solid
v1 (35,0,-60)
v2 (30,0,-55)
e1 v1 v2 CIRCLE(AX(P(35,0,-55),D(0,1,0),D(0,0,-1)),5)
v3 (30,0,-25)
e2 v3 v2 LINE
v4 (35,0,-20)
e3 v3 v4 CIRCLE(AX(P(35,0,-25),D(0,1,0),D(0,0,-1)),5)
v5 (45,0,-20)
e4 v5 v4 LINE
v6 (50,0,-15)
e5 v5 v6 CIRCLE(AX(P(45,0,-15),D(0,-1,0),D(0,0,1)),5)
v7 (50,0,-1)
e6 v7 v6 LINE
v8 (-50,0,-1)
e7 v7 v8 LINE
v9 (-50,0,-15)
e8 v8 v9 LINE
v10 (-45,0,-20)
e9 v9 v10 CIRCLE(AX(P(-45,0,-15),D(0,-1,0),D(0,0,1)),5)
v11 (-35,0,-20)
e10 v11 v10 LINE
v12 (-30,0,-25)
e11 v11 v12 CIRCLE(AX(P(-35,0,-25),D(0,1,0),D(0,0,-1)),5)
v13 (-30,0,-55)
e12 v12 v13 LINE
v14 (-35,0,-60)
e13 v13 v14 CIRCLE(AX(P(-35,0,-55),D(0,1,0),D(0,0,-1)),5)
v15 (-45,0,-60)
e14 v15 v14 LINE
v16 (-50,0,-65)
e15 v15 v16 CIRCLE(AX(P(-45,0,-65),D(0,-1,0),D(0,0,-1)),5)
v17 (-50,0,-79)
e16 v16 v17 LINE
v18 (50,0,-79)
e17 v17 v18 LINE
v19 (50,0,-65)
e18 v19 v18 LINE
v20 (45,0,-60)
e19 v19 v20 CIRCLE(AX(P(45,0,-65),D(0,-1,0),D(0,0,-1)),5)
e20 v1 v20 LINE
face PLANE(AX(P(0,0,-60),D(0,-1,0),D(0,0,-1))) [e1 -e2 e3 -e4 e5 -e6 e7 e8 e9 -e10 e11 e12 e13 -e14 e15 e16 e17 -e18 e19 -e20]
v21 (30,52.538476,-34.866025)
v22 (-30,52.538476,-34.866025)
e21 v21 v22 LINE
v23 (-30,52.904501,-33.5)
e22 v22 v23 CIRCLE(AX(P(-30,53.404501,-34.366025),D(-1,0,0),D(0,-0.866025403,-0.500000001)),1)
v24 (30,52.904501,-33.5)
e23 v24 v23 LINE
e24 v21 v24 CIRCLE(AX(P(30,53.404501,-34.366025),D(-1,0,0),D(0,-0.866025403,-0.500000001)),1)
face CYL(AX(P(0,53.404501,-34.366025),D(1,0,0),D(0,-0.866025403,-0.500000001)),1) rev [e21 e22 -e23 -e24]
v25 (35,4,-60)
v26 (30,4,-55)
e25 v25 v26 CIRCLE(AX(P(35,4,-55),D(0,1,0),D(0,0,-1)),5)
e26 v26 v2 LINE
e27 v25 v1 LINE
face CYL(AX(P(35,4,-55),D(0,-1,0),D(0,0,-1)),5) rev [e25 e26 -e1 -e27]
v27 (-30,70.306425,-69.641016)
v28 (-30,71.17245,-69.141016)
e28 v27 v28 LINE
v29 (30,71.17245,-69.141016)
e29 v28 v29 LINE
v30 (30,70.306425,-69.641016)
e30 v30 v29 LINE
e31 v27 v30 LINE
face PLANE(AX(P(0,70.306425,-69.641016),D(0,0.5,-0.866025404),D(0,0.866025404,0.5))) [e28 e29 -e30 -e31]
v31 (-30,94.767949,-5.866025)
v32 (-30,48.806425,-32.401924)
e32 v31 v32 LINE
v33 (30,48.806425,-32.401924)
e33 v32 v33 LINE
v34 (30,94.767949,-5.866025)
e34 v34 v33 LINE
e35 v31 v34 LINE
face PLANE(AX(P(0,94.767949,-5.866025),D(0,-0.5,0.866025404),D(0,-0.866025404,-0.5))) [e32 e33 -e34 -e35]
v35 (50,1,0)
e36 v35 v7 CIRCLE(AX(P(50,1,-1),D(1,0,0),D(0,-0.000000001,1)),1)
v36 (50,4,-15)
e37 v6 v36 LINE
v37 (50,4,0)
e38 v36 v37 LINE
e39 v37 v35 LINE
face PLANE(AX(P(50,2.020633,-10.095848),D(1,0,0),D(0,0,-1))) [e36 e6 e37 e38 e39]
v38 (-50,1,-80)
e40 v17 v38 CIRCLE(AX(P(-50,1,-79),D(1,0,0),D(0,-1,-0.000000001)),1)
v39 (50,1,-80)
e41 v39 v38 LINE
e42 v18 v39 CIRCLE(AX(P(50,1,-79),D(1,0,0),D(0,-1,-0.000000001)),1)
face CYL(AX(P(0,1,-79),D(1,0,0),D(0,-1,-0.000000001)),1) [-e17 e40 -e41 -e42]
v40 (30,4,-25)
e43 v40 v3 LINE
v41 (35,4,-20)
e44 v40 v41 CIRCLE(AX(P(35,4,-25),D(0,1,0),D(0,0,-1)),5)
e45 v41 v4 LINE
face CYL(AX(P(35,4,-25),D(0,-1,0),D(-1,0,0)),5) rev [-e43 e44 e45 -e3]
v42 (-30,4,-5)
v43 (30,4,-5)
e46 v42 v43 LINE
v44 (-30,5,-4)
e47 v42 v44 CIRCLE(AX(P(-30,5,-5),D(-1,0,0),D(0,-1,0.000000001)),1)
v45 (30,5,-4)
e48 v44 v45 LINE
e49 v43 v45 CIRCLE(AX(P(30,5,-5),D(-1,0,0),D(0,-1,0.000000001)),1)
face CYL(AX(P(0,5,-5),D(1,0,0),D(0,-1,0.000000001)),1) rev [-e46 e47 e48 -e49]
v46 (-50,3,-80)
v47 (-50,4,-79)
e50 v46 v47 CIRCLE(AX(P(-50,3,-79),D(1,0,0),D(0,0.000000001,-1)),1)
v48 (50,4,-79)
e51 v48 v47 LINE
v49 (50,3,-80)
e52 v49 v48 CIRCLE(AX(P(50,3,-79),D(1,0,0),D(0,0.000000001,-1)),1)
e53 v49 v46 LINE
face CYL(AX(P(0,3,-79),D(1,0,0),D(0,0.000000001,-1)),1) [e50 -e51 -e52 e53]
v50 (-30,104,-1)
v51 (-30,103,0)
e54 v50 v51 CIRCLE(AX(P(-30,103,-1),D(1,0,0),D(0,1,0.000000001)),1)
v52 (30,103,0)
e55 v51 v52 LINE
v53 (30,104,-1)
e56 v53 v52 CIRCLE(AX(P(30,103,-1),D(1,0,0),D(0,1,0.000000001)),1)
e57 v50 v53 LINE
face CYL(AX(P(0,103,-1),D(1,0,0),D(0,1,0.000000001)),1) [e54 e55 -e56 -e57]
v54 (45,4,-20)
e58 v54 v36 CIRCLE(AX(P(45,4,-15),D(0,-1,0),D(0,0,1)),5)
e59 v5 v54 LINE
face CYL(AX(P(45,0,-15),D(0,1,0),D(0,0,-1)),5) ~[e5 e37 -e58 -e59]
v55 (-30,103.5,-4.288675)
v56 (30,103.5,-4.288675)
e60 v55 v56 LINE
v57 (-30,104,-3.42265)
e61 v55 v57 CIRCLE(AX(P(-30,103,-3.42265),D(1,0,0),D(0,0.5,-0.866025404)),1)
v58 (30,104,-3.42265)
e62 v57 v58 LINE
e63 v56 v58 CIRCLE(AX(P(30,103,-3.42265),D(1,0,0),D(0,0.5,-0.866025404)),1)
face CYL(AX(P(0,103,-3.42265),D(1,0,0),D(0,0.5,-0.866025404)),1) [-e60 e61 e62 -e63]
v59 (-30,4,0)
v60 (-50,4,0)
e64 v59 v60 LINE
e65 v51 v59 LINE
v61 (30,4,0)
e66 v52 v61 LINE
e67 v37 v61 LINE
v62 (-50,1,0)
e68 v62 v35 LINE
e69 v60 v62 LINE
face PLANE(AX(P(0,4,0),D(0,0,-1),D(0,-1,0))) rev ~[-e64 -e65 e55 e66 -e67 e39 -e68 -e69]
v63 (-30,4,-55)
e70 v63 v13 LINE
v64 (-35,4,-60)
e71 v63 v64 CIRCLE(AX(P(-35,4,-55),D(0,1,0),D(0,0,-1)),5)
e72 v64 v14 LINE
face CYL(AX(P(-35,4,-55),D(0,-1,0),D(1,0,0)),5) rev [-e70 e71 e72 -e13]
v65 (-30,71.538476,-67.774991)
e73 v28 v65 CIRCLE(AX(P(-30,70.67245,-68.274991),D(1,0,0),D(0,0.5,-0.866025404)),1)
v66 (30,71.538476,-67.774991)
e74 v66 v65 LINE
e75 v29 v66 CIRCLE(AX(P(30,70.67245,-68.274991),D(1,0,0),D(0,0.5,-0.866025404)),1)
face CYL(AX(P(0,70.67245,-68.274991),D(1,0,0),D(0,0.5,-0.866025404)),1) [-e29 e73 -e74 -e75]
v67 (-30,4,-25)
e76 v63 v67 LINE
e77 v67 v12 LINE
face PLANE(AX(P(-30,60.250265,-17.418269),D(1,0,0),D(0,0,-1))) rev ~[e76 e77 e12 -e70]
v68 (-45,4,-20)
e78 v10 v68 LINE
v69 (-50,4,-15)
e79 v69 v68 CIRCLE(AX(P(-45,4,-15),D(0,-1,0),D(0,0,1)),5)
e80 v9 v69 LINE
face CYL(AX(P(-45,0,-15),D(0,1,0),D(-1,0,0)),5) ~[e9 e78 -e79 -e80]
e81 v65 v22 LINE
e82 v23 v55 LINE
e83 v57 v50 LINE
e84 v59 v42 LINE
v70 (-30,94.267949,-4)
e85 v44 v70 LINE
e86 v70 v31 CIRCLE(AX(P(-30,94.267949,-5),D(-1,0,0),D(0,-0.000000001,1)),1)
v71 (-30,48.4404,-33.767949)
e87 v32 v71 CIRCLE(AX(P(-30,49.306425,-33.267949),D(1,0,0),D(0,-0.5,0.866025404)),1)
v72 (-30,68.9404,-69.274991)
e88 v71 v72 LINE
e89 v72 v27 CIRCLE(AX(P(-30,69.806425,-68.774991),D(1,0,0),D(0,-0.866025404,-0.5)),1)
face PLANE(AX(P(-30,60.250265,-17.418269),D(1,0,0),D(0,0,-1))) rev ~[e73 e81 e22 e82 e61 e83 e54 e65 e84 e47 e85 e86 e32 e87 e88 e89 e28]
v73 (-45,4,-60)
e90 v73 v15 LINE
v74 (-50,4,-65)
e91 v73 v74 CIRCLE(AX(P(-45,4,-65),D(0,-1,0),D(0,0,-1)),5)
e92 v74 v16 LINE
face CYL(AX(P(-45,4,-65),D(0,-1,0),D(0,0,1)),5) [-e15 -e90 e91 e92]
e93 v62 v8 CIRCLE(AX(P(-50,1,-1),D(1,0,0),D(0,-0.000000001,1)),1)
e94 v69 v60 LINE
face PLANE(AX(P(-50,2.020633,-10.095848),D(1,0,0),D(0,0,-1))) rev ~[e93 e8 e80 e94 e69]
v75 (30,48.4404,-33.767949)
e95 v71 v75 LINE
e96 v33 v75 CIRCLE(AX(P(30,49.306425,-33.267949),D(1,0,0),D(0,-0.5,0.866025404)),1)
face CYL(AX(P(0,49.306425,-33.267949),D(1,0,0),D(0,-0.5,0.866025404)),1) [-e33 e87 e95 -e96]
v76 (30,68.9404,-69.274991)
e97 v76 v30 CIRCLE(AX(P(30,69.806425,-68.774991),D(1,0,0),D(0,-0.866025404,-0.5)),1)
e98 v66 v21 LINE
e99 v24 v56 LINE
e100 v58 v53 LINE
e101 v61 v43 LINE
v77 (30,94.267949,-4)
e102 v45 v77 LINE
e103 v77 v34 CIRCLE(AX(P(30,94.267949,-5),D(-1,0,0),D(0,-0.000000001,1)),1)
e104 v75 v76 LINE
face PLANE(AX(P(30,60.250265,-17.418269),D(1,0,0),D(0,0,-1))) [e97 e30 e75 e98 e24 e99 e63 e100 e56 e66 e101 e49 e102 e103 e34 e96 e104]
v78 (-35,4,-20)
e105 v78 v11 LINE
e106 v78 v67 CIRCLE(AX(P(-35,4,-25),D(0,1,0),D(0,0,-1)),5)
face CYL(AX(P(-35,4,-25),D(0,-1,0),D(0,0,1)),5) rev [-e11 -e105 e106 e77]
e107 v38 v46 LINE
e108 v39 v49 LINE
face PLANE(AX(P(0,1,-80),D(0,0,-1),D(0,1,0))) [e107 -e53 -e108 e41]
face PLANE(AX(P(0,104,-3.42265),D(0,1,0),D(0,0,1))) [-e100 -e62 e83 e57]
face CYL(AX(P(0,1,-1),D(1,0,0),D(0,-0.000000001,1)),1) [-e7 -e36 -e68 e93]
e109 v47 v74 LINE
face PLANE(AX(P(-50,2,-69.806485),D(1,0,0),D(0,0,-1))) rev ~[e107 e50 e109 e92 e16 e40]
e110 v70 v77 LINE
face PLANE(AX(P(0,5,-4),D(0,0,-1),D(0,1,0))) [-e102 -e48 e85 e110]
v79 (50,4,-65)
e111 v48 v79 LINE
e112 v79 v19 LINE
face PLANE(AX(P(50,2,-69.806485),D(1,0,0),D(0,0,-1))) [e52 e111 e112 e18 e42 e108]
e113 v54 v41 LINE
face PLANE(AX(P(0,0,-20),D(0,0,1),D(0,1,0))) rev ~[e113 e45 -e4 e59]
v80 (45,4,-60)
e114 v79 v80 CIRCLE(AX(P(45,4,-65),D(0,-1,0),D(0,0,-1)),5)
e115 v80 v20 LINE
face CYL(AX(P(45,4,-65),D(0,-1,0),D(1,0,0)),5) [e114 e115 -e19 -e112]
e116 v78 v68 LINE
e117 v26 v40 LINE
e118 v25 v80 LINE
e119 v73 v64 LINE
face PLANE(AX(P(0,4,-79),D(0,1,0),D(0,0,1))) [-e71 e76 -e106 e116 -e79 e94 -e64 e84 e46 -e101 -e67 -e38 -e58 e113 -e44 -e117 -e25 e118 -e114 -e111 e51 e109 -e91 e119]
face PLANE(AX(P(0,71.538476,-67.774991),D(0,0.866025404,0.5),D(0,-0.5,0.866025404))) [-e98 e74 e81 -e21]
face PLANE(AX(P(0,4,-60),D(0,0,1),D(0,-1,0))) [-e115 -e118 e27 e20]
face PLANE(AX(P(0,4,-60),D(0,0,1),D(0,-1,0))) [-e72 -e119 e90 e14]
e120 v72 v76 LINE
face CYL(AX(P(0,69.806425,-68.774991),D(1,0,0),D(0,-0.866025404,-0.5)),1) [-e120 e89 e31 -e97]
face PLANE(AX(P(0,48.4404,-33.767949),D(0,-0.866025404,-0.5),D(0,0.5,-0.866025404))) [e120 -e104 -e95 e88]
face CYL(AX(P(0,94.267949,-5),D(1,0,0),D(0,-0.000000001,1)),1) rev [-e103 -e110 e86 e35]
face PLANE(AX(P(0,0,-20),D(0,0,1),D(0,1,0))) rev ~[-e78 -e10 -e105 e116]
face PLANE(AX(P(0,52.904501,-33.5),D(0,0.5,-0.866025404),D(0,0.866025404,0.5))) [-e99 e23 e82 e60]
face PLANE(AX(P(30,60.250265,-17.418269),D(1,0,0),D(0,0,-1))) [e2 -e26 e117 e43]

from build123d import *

# Parameters (mm, degrees)
EXTRUDE_1_DEPTH = 30
EXTRUDE_2_DEPTH = 50
FILLET_1_R      = 5


with BuildPart() as part:
    # 草图1 → 凸台-拉伸1 (new, symmetric)
    with BuildSketch(Plane(origin=(0, 0, 0), x_dir=(0, 0, -1), z_dir=(1, 0, 0))):
        with BuildLine():
            Line((33.5, 52.904501177), (4.288675135, 103.5))
            ThreePointArc((4.288675135, 103.5), (3.922649731, 103.866025404), (3.422649731, 104))
            Line((3.422649731, 104), (1, 104))
            ThreePointArc((1, 104), (0.292893219, 103.707106781), (0, 103))
            Line((0, 103), (0, 1))
            ThreePointArc((0, 1), (0.292893219, 0.292893219), (1, 0))
            Line((1, 0), (79, 0))
            ThreePointArc((79, 0), (79.707106781, 0.292893219), (80, 1))
            Line((80, 1), (80, 3))
            ThreePointArc((80, 3), (79.707106781, 3.707106781), (79, 4))
            Line((79, 4), (5, 4))
            ThreePointArc((5, 4), (4.292893219, 4.292893219), (4, 5))
            Line((4, 5), (4, 94.267949192))
            ThreePointArc((4, 94.267949192), (4.741180955, 95.233875019), (5.866025404, 94.767949192))
            Line((5.866025404, 94.767949192), (32.401923789, 48.806424965))
            ThreePointArc((32.401923789, 48.806424965), (33.009130147, 48.340499139), (33.767949192, 48.440399562))
            Line((33.767949192, 48.440399562), (69.274990748, 68.940399562))
            ThreePointArc((69.274990748, 68.940399562), (69.740916574, 69.54760592), (69.641016151, 70.306424965))
            Line((69.641016151, 70.306424965), (69.141016151, 71.172450369))
            ThreePointArc((69.141016151, 71.172450369), (68.533809793, 71.638376195), (67.774990748, 71.538475773))
            Line((67.774990748, 71.538475773), (34.866025404, 52.538475773))
            ThreePointArc((34.866025404, 52.538475773), (34.107206359, 52.43857535), (33.5, 52.904501177))
        make_face()
    extrude(amount=EXTRUDE_1_DEPTH, both=True)

    # 草图1<4> → 凸台-拉伸2 (add, symmetric)
    with BuildSketch(Plane(origin=(0, 0, 0), x_dir=(0, 0, -1), z_dir=(1, 0, 0))):
        with BuildLine():
            Line((20, 4), (0, 4))
            Line((0, 4), (0, 1))
            ThreePointArc((0, 1), (0.292893219, 0.292893219), (1, 0))
            Line((1, 0), (20, 0))
            Line((20, 0), (20, 4))
        make_face()
        with BuildLine():
            Line((79, 4), (60, 4))
            Line((60, 4), (60, 0))
            Line((60, 0), (79, 0))
            ThreePointArc((79, 0), (79.707106781, 0.292893219), (80, 1))
            Line((80, 1), (80, 3))
            ThreePointArc((80, 3), (79.707106781, 3.707106781), (79, 4))
        make_face()
    extrude(amount=EXTRUDE_2_DEPTH, both=True)

    # 圆角1
    fillet_1_edges = [part.edges().sort_by_distance(p)[0] for p in [
        (-50, 2, -20),
        (-30, 2, -20),
        (-50, 2, -60),
        (-30, 2, -60),
        (50, 2, -20),
        (50, 2, -60),
        (30, 2, -60),
        (30, 2, -20),
    ]]
    fillet(fillet_1_edges, radius=FILLET_1_R)


solid = part.part
